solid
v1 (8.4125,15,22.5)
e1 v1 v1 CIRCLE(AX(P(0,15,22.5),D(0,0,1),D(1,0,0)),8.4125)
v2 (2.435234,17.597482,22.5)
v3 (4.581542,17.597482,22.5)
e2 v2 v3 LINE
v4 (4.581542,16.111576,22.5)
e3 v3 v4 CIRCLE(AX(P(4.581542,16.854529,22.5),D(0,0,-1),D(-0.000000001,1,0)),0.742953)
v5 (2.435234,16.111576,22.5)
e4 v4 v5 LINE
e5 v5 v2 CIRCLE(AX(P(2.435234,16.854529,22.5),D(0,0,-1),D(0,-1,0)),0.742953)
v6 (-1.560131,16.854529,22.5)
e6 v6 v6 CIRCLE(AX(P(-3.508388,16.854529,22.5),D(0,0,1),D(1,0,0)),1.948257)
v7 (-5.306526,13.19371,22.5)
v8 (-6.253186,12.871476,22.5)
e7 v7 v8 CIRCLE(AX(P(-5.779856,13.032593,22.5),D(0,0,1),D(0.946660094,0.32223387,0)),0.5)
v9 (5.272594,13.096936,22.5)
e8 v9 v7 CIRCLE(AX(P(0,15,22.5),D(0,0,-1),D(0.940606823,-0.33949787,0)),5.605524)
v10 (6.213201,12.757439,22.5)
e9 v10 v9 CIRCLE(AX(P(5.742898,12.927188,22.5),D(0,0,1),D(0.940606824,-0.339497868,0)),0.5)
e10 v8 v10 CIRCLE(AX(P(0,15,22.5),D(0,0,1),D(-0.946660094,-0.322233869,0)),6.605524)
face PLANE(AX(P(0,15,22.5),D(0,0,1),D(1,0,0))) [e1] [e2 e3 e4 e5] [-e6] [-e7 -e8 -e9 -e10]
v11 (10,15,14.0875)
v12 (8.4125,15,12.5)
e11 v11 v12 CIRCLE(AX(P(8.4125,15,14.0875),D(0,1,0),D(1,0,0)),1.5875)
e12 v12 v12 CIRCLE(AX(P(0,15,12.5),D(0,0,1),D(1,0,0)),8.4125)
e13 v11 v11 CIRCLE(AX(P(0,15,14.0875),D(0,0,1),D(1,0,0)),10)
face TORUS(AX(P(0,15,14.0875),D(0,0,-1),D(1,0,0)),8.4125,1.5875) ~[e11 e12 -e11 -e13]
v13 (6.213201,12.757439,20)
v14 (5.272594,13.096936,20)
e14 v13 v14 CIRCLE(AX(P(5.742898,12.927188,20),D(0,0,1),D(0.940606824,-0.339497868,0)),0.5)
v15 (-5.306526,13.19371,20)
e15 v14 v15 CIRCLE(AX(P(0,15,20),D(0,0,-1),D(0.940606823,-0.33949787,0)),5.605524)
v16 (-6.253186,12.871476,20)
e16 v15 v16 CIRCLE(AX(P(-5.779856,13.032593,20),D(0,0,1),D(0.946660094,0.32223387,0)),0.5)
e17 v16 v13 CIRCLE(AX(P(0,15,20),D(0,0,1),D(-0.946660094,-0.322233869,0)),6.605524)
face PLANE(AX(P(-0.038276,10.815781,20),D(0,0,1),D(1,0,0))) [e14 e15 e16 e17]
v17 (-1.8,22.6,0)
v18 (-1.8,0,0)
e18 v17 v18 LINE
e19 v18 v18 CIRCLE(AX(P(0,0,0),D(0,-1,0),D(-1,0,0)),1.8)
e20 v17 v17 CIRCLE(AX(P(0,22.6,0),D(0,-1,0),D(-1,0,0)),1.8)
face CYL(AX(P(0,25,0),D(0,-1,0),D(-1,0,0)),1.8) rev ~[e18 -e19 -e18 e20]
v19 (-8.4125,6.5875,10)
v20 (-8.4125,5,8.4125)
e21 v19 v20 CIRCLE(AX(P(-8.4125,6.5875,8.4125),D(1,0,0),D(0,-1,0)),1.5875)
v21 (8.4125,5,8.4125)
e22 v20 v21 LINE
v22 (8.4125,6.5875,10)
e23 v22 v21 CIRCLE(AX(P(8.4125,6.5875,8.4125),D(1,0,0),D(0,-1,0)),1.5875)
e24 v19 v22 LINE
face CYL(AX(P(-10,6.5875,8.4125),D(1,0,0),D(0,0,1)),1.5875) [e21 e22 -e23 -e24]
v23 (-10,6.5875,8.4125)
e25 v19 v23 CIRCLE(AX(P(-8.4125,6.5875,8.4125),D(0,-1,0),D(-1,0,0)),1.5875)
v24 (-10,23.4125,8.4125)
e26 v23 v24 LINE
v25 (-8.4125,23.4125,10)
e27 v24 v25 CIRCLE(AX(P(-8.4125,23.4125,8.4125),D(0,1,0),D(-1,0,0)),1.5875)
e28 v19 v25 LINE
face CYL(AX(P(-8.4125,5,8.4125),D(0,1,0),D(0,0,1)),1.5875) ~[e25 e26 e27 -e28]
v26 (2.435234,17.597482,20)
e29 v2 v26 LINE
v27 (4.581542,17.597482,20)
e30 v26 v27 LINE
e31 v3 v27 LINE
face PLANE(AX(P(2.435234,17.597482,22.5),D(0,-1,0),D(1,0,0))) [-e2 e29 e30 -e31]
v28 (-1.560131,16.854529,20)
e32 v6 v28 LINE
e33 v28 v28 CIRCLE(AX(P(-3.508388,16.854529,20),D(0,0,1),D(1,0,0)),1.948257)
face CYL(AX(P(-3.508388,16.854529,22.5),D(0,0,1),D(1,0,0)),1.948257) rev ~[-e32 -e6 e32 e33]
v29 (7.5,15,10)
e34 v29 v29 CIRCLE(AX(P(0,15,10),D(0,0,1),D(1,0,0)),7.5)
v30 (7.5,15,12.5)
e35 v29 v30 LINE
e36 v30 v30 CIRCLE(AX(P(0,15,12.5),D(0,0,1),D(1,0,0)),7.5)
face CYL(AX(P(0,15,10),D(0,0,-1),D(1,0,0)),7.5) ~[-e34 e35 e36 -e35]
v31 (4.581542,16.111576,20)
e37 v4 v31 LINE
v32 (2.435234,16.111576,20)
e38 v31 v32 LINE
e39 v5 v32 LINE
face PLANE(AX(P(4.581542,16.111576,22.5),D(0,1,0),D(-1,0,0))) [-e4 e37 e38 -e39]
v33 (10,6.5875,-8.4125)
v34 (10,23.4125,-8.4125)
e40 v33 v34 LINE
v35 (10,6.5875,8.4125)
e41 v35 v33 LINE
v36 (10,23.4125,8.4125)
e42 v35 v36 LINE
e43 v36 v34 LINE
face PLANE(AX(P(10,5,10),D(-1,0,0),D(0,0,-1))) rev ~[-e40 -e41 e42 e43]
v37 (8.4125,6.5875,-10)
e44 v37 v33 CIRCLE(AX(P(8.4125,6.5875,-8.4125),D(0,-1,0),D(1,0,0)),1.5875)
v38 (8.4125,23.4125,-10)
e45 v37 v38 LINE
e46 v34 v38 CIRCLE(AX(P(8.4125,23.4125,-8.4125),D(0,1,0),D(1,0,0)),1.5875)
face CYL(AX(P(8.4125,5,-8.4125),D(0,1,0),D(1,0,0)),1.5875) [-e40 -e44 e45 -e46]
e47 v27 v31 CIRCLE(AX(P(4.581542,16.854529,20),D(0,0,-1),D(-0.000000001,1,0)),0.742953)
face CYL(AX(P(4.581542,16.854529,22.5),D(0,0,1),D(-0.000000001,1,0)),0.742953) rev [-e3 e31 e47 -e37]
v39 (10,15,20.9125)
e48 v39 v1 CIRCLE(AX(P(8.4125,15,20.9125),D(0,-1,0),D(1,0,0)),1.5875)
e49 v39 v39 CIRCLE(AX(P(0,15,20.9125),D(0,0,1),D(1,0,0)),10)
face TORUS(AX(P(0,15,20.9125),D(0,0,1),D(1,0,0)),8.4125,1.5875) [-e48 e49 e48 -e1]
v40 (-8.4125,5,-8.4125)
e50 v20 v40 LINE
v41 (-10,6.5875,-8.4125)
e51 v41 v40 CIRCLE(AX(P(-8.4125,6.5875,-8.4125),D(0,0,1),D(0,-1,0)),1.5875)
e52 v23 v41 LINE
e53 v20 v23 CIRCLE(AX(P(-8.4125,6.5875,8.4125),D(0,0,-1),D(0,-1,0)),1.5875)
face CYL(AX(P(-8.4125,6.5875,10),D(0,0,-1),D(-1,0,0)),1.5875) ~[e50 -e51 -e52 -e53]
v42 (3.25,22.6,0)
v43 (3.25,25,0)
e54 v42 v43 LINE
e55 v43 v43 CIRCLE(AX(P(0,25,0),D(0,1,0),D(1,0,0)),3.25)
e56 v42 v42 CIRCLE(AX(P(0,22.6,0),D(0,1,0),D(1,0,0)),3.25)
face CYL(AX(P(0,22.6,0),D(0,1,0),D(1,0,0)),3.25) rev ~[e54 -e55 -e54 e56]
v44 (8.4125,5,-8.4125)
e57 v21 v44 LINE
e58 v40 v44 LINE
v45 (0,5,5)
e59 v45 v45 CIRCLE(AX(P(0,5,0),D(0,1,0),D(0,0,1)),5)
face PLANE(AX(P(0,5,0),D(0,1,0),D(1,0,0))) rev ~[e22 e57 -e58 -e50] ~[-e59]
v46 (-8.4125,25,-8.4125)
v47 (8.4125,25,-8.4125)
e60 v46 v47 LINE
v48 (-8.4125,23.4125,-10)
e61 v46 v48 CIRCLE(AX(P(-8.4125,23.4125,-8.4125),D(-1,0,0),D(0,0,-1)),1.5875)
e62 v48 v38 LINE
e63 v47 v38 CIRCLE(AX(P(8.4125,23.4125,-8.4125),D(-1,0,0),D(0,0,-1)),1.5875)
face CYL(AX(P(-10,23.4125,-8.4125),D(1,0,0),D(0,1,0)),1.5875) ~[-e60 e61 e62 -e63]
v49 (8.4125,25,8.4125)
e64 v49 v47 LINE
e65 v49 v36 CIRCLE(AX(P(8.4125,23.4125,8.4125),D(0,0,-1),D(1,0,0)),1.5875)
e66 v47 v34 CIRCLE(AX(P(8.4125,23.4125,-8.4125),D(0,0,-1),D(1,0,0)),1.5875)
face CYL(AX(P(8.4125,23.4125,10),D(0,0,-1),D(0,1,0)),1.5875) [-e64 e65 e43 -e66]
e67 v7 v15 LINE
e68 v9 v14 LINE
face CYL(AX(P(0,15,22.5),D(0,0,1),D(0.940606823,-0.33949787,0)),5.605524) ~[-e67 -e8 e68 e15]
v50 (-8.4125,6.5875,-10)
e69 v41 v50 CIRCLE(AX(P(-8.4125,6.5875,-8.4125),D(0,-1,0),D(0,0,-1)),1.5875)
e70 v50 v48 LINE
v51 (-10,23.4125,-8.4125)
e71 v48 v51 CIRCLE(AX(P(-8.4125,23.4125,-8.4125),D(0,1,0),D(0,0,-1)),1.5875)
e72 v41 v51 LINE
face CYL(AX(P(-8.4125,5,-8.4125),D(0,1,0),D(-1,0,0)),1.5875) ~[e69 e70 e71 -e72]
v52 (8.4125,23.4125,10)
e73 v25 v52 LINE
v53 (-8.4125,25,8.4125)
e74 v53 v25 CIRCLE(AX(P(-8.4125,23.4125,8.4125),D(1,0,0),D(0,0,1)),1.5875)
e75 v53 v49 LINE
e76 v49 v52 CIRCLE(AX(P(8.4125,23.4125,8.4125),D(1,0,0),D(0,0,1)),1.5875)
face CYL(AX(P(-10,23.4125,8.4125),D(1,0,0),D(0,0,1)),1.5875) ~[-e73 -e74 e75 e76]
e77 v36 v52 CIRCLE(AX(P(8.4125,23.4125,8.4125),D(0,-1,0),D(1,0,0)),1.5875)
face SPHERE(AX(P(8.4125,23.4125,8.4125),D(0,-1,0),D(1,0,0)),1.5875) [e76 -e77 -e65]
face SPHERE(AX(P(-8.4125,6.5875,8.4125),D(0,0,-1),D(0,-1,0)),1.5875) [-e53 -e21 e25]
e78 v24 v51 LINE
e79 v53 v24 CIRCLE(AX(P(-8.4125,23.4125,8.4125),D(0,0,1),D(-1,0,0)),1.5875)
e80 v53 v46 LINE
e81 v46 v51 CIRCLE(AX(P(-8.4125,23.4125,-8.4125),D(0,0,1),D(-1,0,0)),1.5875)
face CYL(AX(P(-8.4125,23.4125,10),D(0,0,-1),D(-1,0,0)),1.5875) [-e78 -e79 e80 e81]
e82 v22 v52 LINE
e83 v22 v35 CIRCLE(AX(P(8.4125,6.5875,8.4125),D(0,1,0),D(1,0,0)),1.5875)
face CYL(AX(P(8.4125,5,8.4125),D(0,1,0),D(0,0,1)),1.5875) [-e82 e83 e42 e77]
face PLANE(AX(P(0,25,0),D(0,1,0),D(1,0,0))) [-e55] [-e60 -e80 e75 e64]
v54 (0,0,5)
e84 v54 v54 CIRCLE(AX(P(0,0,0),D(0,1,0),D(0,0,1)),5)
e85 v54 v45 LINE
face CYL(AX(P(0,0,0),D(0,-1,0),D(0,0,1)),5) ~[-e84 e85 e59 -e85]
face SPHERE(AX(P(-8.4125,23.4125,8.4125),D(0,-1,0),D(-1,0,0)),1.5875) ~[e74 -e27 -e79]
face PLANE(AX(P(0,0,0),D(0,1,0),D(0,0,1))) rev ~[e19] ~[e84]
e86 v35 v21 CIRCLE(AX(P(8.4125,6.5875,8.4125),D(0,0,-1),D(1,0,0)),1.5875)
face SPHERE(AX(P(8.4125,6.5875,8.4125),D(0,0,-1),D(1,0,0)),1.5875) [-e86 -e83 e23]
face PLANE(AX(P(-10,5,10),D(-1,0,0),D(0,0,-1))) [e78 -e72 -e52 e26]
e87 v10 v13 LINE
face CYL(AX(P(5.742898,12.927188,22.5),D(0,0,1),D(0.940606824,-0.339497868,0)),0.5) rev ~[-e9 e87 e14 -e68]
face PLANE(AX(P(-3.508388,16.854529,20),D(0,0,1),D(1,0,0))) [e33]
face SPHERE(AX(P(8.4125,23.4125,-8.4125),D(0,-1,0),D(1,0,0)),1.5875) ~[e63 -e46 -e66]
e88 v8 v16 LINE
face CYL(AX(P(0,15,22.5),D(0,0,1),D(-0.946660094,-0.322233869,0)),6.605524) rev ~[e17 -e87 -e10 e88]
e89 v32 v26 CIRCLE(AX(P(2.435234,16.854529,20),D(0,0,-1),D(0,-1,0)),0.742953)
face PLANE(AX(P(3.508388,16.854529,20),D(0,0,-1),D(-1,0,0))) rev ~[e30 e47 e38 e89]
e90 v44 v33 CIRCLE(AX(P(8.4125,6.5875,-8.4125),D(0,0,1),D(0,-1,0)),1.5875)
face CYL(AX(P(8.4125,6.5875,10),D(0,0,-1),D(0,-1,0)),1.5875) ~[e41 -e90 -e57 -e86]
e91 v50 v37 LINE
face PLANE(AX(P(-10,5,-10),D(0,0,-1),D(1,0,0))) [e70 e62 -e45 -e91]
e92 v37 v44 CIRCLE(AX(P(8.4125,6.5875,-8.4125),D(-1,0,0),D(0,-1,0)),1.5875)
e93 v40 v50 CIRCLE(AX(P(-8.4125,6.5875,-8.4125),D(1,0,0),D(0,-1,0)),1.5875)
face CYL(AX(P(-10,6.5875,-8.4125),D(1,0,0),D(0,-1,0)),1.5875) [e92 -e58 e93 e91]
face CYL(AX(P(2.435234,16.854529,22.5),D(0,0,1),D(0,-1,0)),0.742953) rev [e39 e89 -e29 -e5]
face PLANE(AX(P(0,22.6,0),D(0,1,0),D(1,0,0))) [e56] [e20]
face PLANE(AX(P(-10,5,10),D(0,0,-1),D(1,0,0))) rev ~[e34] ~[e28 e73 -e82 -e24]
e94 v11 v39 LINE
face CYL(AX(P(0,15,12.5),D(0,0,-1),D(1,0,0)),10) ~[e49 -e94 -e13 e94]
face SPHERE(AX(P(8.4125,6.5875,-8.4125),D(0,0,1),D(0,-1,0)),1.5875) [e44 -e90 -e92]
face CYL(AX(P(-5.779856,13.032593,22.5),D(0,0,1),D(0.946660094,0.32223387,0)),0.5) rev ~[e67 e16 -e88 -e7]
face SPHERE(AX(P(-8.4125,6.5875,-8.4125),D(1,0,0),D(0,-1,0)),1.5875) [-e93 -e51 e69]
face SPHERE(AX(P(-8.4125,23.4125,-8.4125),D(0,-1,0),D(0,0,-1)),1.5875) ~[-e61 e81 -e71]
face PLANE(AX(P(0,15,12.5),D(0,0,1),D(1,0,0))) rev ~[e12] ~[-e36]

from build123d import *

# Parameters (mm, degrees)
SKETCH1_R                                            = 5
BOSS_EXTRUDE1_DEPTH                                  = 5
SKETCH2_W                                            = 20
SKETCH2_H                                            = 20
BOSS_EXTRUDE2_DEPTH                                  = 20
SKETCH3_R                                            = 7.5
BOSS_EXTRUDE4_DEPTH                                  = 2.5
SKETCH4_R                                            = 10
BOSS_EXTRUDE5_DEPTH                                  = 10
CBORE_FOR_M3_HEX_SOCKET_THIN_HEAD_CAP_SC_D           = 3.6
CBORE_FOR_M3_HEX_SOCKET_THIN_HEAD_CAP_SC_CBORE_D     = 6.5
CBORE_FOR_M3_HEX_SOCKET_THIN_HEAD_CAP_SC_CBORE_DEPTH = 2.4
FILLET1_R                                            = 1.5875
SKETCH7_R                                            = 1.948257307
CUT_EXTRUDE2_DEPTH                                   = 2.5


with BuildPart() as part:
    # Sketch1 → Boss-Extrude1 (new body)
    with BuildSketch(Plane(origin=(0, 0, 0), x_dir=(1, 0, 0), z_dir=(0, 1, 0))):
        with Locations(Location((0, 0, 0), (0, 0, 270))):
            Circle(SKETCH1_R)
    extrude(amount=BOSS_EXTRUDE1_DEPTH)

    # Sketch2 → Boss-Extrude2 (add)
    with BuildSketch(Plane(origin=(0, 5, 0), x_dir=(1, 0, 0), z_dir=(0, 1, 0))):
        Rectangle(SKETCH2_W, SKETCH2_H)
    extrude(amount=BOSS_EXTRUDE2_DEPTH)

    # Sketch3 → Boss-Extrude4 (add)
    with BuildSketch(Plane.XY.offset(10)):
        with Locations((0, 15)):
            Circle(SKETCH3_R)
    extrude(amount=BOSS_EXTRUDE4_DEPTH)

    # Sketch4 → Boss-Extrude5 (add)
    with BuildSketch(Plane.XY.offset(12.5)):
        with Locations((0, 15)):
            Circle(SKETCH4_R)
    extrude(amount=BOSS_EXTRUDE5_DEPTH)

    # CBORE for M3 Hex Socket Thin Head Cap Screw1 (through all)
    with Locations(Plane(origin=(0, 25, 0), x_dir=(1, 0, 0), z_dir=(0, 1, 0))):
        with Locations((0, 0)):
            CounterBoreHole(CBORE_FOR_M3_HEX_SOCKET_THIN_HEAD_CAP_SC_D / 2, CBORE_FOR_M3_HEX_SOCKET_THIN_HEAD_CAP_SC_CBORE_D / 2, CBORE_FOR_M3_HEX_SOCKET_THIN_HEAD_CAP_SC_CBORE_DEPTH)

    # Fillet1
    fillet1_edges = [part.edges().sort_by_distance(p)[0] for p in [
        (-10, 15, 12.5),
        (-10, 15, 22.5),
        (10, 5, 0),
        (10, 15, 10),
        (0, 5, -10),
        (10, 15, -10),
        (-10, 5, 0),
        (-10, 15, -10),
        (0, 5, 10),
        (-10, 15, 10),
        (10, 25, 0),
        (0, 25, -10),
        (-10, 25, 0),
        (0, 25, 10),
    ]]
    fillet(fillet1_edges, radius=FILLET1_R)

    # Sketch7 → Cut-Extrude2 (cut)
    with BuildSketch(Plane.XY.offset(22.5)):
        with Locations((-3.508388237, 16.85452893)):
            Circle(SKETCH7_R)
        with BuildLine():
            Line((2.435234188, 17.597481733), (4.581542286, 17.597481733))
            ThreePointArc((4.581542286, 17.597481733), (5.32449509, 16.85452893), (4.581542286, 16.111576127))
            Line((4.581542286, 16.111576127), (2.435234188, 16.111576127))
            ThreePointArc((2.435234188, 16.111576127), (1.692281385, 16.85452893), (2.435234188, 17.597481733))
        make_face()
        with BuildLine():
            ThreePointArc((-6.253186094, 12.871476402), (-0.060422297, 8.394752224), (6.213201069, 12.757438628))
            ThreePointArc((6.213201069, 12.757438628), (5.912646592, 13.397490974), (5.272594245, 13.096936498))
            ThreePointArc((5.272594245, 13.096936498), (-0.05127506, 9.394710388), (-5.306526, 13.193710271))
            ThreePointArc((-5.306526, 13.193710271), (-5.940972981, 13.505923383), (-6.253186094, 12.871476402))
        make_face()
    extrude(amount=-CUT_EXTRUDE2_DEPTH, mode=Mode.SUBTRACT)


solid = part.part
